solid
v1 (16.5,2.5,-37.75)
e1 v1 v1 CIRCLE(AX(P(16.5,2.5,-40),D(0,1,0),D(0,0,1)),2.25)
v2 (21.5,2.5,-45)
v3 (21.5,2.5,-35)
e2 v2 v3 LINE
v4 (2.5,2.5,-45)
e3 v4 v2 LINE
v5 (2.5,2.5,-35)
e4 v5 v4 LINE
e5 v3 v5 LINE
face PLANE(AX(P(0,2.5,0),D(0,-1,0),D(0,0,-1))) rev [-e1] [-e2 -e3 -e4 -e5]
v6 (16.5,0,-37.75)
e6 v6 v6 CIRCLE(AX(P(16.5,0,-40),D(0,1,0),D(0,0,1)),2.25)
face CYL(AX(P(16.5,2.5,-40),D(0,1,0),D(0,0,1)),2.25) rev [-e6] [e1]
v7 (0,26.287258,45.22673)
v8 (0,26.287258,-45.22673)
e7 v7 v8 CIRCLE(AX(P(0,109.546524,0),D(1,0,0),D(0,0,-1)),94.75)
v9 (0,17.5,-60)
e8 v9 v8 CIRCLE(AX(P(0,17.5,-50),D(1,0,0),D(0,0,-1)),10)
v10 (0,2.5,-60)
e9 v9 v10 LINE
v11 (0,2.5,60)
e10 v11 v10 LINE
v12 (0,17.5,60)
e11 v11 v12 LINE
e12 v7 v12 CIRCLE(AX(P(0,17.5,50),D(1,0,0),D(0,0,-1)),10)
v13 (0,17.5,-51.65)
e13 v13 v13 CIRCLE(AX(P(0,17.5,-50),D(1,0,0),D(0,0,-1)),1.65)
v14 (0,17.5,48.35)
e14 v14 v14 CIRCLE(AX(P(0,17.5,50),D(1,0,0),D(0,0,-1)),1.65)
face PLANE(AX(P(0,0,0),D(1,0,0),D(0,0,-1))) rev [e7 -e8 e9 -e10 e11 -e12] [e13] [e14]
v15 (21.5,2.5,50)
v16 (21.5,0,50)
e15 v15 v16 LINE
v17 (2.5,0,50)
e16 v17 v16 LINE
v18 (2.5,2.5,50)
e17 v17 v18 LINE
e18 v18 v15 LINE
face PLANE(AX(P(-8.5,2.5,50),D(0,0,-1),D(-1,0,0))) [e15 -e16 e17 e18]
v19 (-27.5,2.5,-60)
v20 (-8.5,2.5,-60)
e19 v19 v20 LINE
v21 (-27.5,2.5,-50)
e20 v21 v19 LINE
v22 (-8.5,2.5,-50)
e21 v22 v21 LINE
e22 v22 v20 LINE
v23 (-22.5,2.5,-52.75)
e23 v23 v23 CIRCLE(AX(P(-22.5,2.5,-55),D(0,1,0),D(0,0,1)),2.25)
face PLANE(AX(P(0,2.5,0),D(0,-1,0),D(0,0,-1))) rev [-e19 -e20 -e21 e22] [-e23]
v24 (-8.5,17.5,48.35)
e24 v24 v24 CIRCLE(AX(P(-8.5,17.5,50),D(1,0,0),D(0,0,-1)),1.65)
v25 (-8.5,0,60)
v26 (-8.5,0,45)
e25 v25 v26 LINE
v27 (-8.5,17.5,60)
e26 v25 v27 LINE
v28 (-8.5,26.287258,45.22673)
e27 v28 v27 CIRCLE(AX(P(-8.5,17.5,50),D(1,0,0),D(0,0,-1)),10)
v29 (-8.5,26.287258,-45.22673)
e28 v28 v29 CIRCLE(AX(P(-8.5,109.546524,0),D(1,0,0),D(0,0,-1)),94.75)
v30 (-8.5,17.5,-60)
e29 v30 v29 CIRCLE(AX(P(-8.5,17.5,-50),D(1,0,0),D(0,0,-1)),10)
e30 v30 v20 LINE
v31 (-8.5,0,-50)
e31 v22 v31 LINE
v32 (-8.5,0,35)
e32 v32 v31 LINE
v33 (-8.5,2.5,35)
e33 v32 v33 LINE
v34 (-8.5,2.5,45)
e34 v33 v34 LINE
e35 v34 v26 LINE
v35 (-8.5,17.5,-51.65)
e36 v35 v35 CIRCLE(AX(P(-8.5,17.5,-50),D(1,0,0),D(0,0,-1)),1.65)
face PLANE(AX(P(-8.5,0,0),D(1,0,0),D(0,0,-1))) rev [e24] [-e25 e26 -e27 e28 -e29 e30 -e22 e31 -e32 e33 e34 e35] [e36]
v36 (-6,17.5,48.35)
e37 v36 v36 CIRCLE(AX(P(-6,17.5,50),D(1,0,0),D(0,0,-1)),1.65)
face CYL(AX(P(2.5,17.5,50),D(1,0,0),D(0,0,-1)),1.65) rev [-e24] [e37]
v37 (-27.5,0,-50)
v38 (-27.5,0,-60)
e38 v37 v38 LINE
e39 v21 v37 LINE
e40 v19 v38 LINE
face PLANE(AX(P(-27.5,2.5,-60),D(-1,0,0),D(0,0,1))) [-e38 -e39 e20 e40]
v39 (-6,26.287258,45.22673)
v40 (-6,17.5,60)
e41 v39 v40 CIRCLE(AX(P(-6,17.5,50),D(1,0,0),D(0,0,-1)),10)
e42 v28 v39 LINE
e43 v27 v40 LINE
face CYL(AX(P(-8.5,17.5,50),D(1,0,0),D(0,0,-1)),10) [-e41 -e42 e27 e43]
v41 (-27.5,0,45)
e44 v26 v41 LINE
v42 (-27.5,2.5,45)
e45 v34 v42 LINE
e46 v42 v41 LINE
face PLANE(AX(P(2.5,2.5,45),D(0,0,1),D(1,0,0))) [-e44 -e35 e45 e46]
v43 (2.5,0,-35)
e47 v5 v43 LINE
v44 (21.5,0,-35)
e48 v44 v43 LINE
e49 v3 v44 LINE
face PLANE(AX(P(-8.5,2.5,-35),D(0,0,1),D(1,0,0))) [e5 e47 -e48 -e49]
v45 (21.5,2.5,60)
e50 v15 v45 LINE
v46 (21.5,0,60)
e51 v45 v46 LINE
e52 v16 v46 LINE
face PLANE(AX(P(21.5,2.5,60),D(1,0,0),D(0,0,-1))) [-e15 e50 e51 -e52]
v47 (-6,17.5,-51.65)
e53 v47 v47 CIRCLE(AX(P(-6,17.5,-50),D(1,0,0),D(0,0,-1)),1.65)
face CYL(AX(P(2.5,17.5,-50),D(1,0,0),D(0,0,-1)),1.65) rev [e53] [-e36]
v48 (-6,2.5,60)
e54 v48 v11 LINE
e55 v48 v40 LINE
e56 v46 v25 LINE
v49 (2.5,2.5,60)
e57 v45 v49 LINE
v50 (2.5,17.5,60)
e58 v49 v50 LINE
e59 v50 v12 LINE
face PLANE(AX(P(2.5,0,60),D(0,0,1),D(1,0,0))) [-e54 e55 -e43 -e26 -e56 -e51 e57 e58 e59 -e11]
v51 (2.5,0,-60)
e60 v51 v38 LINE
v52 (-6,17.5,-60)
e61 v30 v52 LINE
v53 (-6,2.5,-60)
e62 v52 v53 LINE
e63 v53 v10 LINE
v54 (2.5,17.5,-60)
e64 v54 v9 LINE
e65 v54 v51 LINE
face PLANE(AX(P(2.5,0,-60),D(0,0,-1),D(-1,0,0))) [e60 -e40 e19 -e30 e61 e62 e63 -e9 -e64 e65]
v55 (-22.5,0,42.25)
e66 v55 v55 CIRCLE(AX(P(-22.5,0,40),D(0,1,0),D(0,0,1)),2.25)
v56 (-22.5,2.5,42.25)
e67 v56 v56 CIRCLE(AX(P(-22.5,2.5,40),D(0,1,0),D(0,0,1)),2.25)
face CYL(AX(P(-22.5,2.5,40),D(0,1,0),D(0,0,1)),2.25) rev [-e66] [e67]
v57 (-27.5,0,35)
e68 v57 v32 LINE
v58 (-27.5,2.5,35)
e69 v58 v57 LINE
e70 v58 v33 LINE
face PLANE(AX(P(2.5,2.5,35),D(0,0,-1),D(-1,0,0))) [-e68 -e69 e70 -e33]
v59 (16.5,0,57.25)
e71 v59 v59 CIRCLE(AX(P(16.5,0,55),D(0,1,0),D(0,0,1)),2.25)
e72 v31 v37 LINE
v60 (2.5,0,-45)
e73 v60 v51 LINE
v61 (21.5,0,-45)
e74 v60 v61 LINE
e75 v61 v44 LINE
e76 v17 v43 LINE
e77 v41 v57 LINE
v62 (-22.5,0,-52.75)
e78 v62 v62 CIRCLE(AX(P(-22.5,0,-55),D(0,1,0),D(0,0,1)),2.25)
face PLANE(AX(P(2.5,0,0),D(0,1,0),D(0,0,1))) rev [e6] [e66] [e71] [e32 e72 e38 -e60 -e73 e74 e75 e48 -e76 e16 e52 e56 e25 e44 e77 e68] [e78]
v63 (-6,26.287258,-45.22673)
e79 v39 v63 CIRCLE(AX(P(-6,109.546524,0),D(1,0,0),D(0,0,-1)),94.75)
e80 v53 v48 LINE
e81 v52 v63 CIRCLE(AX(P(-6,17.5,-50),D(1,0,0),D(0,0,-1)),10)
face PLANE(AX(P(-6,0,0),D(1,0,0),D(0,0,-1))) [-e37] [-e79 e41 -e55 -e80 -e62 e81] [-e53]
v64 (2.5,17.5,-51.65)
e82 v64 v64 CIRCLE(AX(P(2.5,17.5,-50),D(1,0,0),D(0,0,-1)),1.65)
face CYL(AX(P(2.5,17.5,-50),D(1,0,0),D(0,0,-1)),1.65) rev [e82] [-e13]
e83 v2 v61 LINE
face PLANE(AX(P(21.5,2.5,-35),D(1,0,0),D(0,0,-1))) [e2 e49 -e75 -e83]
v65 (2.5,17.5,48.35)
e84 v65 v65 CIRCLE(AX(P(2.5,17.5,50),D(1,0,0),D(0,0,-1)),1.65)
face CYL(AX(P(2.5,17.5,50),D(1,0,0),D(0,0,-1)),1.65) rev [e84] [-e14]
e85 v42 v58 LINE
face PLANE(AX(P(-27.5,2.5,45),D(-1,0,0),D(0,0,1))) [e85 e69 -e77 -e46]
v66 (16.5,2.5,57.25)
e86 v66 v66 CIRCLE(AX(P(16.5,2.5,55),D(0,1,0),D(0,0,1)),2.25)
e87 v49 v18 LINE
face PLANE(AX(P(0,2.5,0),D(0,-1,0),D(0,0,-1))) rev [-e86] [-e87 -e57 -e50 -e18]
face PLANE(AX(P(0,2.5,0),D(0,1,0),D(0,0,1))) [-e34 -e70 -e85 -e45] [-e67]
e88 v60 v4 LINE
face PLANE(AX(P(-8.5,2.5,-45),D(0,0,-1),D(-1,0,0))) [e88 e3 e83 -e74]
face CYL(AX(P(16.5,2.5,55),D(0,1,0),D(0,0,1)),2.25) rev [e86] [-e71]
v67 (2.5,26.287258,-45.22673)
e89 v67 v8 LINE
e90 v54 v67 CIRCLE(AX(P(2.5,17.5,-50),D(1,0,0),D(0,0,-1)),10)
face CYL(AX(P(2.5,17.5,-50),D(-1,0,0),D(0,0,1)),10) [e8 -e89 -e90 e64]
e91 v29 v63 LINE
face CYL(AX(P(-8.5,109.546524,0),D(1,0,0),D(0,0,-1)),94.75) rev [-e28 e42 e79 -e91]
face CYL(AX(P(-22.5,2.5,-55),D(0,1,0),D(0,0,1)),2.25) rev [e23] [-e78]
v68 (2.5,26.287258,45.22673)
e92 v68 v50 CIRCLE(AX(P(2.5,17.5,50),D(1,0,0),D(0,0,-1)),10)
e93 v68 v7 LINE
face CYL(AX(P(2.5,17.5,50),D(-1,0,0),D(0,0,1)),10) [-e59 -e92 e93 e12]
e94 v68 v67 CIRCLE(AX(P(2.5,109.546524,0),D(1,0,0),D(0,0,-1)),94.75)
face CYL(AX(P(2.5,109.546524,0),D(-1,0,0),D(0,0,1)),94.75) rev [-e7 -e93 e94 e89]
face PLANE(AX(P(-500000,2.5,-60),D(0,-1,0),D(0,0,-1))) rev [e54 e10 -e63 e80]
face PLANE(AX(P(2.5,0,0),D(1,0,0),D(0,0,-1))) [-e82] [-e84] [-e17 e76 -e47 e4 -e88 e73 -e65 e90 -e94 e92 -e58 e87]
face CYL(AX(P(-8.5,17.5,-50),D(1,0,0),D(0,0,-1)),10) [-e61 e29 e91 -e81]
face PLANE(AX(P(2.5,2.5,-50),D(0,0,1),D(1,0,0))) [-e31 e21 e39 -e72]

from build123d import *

# Parameters (mm, degrees)
BOSS_EXTRUDE1_DEPTH        = 2.5
BOSS_EXTRUDE2_START        = -6
BOSS_EXTRUDE2_DEPTH        = 2.5
BOSS_EXTRUDE3_REACH        = 68.547
SKETCH4_W                  = 120
SKETCH4_H                  = 2.5
M4X0_7_TAPPED_HOLE1_D      = 3.3
SKETCH5_W                  = 30
SKETCH5_H                  = 10
BOSS_EXTRUDE4_DEPTH        = 2.5
F_4_5_4_5_DIAMETER_HOLE1_D = 4.5


with BuildPart() as part:
    # Sketch1 → Boss-Extrude1 (new body)
    with BuildSketch(Plane(origin=(0, 0, 0), x_dir=(0, 0, -1), z_dir=(1, 0, 0))):
        with BuildLine():
            Line((-60, 17.5), (-60, 0))
            Line((-60, 0), (60, 0))
            Line((60, 0), (60, 17.5))
            ThreePointArc((60, 17.5), (55.112108327, 26.094553418), (45.22673031, 26.287257619))
            ThreePointArc((45.22673031, 26.287257619), (0, 14.796523563), (-45.22673031, 26.287257619))
            ThreePointArc((-45.22673031, 26.287257619), (-55.112108327, 26.094553418), (-60, 17.5))
        make_face()
    extrude(amount=BOSS_EXTRUDE1_DEPTH)


with BuildPart() as body_2:
    # Sketch1<2> → Boss-Extrude2 (new body)
    with BuildSketch(Plane(origin=(0, 0, 0), x_dir=(0, 0, -1), z_dir=(1, 0, 0)).offset(BOSS_EXTRUDE2_START)):
        with BuildLine():
            Line((-60, 17.5), (-60, 0))
            Line((-60, 0), (60, 0))
            Line((60, 0), (60, 17.5))
            ThreePointArc((60, 17.5), (55.112108327, 26.094553418), (45.22673031, 26.287257619))
            ThreePointArc((45.22673031, 26.287257619), (0, 14.796523563), (-45.22673031, 26.287257619))
            ThreePointArc((-45.22673031, 26.287257619), (-55.112108327, 26.094553418), (-60, 17.5))
        make_face()
    extrude(amount=-BOSS_EXTRUDE2_DEPTH)

    # Sketch4 → Boss-Extrude3 (add, up to next)
    with BuildSketch(Plane.ZY, mode=Mode.PRIVATE) as boss_extrude3_sk1:
        with Locations((0, 1.25)):
            Rectangle(SKETCH4_W, SKETCH4_H)
    boss_extrude3_tool1 = extrude(boss_extrude3_sk1.sketch, amount=BOSS_EXTRUDE3_REACH, mode=Mode.PRIVATE) - body_2.part

    add(part.part)  # Boss-Extrude3 merges part
    add(boss_extrude3_tool1.solids().sort_by_distance((0, 1.25, 0))[0])

    # M4x0.7 Tapped Hole1 (through all)
    with Locations(Plane(origin=(2.5, 0, 0), x_dir=(0, 0, 1), z_dir=(1, 0, 0))):
        with Locations((-50, -17.5), (50, -17.5)):
            Hole(M4X0_7_TAPPED_HOLE1_D / 2)

    # Sketch5 → Boss-Extrude4 (add)
    with BuildSketch(Plane.XZ):
        with Locations((-12.5, 40)):
            Rectangle(SKETCH5_W, SKETCH5_H)
        with Locations((-12.5, -55)):
            Rectangle(SKETCH5_W, SKETCH5_H)
        with Locations((6.5, 55)):
            Rectangle(SKETCH5_W, SKETCH5_H)
        with Locations((6.5, -40)):
            Rectangle(SKETCH5_W, SKETCH5_H)
    extrude(amount=-BOSS_EXTRUDE4_DEPTH)

    # Ø4.5 (4.5) Diameter Hole1 (through all)
    with Locations(Plane(origin=(0, 2.5, 0), x_dir=(1, 0, 0), z_dir=(0, 1, 0))):
        with Locations((-22.5, 55), (16.5, 40), (16.5, -55), (-22.5, -40)):
            Hole(F_4_5_4_5_DIAMETER_HOLE1_D / 2)


solid = body_2.part
